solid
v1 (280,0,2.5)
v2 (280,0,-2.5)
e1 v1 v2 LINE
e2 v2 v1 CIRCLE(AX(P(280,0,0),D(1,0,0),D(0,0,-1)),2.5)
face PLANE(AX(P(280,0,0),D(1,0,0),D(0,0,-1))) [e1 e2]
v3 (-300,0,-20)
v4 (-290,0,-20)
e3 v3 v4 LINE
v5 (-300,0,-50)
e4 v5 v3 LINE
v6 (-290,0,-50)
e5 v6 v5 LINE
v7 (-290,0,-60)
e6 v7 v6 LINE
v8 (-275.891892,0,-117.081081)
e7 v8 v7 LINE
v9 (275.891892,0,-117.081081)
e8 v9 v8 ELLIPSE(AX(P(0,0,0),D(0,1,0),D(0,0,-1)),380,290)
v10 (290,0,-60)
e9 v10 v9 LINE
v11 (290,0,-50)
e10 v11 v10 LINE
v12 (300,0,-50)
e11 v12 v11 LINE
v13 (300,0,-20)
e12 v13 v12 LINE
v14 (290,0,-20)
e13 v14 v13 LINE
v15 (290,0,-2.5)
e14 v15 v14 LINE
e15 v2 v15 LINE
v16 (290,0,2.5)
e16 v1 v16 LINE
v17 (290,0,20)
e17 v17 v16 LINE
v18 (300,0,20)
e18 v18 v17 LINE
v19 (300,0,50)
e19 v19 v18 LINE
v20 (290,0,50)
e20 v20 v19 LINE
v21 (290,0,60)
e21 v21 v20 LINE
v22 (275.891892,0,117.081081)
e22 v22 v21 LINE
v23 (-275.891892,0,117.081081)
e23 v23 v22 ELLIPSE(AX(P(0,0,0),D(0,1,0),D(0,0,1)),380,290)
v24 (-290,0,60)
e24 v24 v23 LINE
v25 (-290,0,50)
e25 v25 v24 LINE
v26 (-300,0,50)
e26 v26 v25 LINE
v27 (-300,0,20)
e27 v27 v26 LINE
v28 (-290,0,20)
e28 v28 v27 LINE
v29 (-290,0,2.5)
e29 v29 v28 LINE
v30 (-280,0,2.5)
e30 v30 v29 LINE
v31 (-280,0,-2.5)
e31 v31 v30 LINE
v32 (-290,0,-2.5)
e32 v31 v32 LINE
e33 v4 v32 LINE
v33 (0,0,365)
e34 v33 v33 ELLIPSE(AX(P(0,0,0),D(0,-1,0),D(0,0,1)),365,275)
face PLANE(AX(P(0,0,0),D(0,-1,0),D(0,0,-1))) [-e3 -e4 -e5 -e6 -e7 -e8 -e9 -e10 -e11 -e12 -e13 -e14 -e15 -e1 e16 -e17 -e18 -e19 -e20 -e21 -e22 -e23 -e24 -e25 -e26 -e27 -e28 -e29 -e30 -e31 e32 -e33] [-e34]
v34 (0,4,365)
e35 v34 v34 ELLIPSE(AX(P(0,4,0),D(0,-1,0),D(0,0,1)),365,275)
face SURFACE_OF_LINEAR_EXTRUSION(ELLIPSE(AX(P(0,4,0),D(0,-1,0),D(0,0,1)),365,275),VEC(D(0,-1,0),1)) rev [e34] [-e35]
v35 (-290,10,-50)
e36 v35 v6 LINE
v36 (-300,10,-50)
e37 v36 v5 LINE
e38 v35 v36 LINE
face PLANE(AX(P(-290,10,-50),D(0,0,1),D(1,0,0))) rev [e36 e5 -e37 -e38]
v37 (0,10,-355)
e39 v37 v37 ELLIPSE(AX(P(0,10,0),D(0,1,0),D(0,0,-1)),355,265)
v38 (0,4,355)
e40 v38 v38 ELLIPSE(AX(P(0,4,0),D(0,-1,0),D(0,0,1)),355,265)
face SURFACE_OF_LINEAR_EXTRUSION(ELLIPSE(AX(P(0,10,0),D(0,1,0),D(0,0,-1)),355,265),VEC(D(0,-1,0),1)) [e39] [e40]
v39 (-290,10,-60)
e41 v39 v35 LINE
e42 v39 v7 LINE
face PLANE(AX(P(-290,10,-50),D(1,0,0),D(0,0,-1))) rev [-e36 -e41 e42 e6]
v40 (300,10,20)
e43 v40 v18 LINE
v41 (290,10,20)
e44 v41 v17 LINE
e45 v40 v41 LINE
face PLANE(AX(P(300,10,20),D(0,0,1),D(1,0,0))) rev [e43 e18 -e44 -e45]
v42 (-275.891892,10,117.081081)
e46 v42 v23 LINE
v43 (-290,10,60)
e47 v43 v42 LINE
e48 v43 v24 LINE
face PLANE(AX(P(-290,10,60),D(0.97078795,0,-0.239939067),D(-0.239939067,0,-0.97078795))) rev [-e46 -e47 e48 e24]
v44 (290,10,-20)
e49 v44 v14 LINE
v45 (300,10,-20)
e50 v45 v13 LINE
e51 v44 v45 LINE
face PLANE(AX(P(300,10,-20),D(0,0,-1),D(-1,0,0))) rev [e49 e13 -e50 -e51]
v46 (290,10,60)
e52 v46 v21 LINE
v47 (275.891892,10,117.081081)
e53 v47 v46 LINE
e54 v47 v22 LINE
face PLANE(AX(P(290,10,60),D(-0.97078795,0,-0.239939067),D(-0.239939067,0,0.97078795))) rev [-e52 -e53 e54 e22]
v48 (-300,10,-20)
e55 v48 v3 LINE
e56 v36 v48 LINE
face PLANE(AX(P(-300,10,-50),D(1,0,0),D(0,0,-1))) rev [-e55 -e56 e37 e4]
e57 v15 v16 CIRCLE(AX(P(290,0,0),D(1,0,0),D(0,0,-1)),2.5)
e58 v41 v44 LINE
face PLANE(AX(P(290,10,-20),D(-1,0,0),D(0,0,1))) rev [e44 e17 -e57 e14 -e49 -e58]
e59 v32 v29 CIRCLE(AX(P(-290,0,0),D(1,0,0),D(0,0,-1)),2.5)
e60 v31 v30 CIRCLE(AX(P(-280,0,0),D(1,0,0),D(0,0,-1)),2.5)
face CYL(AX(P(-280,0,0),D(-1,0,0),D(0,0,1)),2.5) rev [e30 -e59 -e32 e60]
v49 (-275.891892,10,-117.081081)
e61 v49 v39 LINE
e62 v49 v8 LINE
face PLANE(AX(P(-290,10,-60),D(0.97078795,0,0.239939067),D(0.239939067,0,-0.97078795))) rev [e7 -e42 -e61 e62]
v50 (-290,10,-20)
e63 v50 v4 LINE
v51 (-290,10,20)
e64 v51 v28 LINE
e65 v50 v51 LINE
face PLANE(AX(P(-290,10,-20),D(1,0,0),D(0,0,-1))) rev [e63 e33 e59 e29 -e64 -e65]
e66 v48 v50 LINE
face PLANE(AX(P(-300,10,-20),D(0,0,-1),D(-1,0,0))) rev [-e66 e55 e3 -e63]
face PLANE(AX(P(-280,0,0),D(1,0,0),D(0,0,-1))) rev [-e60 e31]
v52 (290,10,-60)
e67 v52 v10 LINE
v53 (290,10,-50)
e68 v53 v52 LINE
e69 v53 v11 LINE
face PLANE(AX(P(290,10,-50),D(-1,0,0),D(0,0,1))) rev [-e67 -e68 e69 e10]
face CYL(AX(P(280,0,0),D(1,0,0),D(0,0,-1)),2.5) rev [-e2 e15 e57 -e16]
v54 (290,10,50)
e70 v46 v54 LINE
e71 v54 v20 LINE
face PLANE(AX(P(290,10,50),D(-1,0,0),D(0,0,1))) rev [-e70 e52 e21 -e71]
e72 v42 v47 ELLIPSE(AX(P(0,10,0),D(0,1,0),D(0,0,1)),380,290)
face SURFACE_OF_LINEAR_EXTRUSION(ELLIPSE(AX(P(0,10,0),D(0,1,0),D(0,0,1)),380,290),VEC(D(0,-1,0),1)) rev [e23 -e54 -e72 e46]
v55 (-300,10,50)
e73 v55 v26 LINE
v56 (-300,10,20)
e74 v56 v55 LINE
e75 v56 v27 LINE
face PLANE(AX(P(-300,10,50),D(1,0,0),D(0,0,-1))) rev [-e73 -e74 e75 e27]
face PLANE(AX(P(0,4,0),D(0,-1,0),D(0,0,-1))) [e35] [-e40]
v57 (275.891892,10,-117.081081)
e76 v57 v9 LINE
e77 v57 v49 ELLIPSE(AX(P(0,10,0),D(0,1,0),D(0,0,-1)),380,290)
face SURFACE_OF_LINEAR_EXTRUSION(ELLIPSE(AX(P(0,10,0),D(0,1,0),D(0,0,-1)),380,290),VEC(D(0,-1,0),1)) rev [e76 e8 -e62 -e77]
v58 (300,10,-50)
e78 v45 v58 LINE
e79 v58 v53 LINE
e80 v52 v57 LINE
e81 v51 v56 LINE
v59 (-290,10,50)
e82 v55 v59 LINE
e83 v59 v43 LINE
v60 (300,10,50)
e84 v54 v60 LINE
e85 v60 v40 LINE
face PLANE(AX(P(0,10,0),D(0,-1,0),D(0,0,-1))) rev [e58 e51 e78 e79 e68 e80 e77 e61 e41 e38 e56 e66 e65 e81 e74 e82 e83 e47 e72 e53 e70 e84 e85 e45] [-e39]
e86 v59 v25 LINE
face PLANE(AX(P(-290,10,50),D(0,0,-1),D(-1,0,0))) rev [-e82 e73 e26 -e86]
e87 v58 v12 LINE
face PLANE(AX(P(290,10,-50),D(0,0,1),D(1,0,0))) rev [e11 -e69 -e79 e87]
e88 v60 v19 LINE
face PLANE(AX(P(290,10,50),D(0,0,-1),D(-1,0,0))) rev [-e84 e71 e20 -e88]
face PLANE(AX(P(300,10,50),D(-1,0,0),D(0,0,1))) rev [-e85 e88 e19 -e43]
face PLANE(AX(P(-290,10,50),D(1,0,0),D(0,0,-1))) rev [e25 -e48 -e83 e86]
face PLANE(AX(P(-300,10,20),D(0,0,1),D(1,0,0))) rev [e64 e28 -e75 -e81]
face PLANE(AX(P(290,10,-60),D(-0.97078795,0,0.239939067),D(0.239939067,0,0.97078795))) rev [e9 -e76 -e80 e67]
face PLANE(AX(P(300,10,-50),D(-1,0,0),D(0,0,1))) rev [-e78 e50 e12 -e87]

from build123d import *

# Parameters (mm, degrees)
SKETCH1_RX          = 355
SKETCH1_RY          = 265
BOSS_EXTRUDE1_DEPTH = 10
SKETCH2_RX          = 365
SKETCH2_RY          = 275
SKETCH2_RX_2        = 355
SKETCH2_RY_2        = 265
CUT_EXTRUDE1_DEPTH  = 4
CUT_EXTRUDE4_DEPTH  = 10
CUT_EXTRUDE5_DEPTH  = 10


with BuildPart() as part:
    # Sketch1 → Boss-Extrude1 (new body)
    with BuildSketch(Plane(origin=(0, 0, 0), x_dir=(1, 0, 0), z_dir=(0, 1, 0))):
        with BuildLine():
            Line((-290, 60), (-275.891891892, 117.081081081))
            add(Edge.make_bspline(
                [(275.891891892, 117.081081081), (0, 1233.333333333), (-275.891891892, 117.081081081)],
                knots=[5.025592734, 5.025592734, 5.025592734, 7.54077788, 7.54077788, 7.54077788], degree=2, weights=[1, 0.308108108, 1]))
            Line((275.891891892, 117.081081081), (290, 60))
            Line((290, 60), (290, 50))
            Line((290, 50), (300, 50))
            Line((300, 50), (300, 20))
            Line((300, 20), (290, 20))
            Line((290, 20), (290, -20))
            Line((290, -20), (300, -20))
            Line((300, -20), (300, -50))
            Line((300, -50), (290, -50))
            Line((290, -50), (290, -60))
            Line((290, -60), (275.891891892, -117.081081081))
            add(Edge.make_bspline(
                [(-275.891891892, -117.081081081), (0, -1233.333333333), (275.891891892, -117.081081081)],
                knots=[5.025592734, 5.025592734, 5.025592734, 7.54077788, 7.54077788, 7.54077788], degree=2, weights=[1, 0.308108108, 1]))
            Line((-275.891891892, -117.081081081), (-290, -60))
            Line((-290, -60), (-290, -50))
            Line((-290, -50), (-300, -50))
            Line((-300, -50), (-300, -20))
            Line((-300, -20), (-290, -20))
            Line((-290, -20), (-290, 20))
            Line((-290, 20), (-300, 20))
            Line((-300, 20), (-300, 50))
            Line((-300, 50), (-290, 50))
            Line((-290, 50), (-290, 60))
        make_face()
        with Locations(Location((0, 0), (0, 0, 90))):
            Ellipse(SKETCH1_RX, SKETCH1_RY, mode=Mode.SUBTRACT)
    extrude(amount=BOSS_EXTRUDE1_DEPTH)

    # Sketch2 → Cut-Extrude1 (cut)
    with BuildSketch(Plane.XZ):
        with Locations(Location((0, 0), (0, 0, 90))):
            Ellipse(SKETCH2_RX, SKETCH2_RY)
        with Locations(Location((0, 0), (0, 0, 90))):
            Ellipse(SKETCH2_RX_2, SKETCH2_RY_2, mode=Mode.SUBTRACT)
    extrude(amount=-CUT_EXTRUDE1_DEPTH, mode=Mode.SUBTRACT)

    # Sketch4 → Cut-Extrude4 (cut)
    with BuildSketch(Plane.ZY.offset(290)):
        with BuildLine():
            Line((-2.5, 0), (2.5, 0))
            ThreePointArc((2.5, 0), (0, 2.5), (-2.5, 0))
        make_face()
    extrude(amount=-CUT_EXTRUDE4_DEPTH, mode=Mode.SUBTRACT)

    # Sketch5 → Cut-Extrude5 (cut)
    with BuildSketch(Plane(origin=(290, 0, 0), x_dir=(0, 0, -1), z_dir=(1, 0, 0))):
        with BuildLine():
            Line((-2.5, 0), (2.5, 0))
            ThreePointArc((2.5, 0), (0, 2.5), (-2.5, 0))
        make_face()
    extrude(amount=-CUT_EXTRUDE5_DEPTH, mode=Mode.SUBTRACT)


solid = part.part
